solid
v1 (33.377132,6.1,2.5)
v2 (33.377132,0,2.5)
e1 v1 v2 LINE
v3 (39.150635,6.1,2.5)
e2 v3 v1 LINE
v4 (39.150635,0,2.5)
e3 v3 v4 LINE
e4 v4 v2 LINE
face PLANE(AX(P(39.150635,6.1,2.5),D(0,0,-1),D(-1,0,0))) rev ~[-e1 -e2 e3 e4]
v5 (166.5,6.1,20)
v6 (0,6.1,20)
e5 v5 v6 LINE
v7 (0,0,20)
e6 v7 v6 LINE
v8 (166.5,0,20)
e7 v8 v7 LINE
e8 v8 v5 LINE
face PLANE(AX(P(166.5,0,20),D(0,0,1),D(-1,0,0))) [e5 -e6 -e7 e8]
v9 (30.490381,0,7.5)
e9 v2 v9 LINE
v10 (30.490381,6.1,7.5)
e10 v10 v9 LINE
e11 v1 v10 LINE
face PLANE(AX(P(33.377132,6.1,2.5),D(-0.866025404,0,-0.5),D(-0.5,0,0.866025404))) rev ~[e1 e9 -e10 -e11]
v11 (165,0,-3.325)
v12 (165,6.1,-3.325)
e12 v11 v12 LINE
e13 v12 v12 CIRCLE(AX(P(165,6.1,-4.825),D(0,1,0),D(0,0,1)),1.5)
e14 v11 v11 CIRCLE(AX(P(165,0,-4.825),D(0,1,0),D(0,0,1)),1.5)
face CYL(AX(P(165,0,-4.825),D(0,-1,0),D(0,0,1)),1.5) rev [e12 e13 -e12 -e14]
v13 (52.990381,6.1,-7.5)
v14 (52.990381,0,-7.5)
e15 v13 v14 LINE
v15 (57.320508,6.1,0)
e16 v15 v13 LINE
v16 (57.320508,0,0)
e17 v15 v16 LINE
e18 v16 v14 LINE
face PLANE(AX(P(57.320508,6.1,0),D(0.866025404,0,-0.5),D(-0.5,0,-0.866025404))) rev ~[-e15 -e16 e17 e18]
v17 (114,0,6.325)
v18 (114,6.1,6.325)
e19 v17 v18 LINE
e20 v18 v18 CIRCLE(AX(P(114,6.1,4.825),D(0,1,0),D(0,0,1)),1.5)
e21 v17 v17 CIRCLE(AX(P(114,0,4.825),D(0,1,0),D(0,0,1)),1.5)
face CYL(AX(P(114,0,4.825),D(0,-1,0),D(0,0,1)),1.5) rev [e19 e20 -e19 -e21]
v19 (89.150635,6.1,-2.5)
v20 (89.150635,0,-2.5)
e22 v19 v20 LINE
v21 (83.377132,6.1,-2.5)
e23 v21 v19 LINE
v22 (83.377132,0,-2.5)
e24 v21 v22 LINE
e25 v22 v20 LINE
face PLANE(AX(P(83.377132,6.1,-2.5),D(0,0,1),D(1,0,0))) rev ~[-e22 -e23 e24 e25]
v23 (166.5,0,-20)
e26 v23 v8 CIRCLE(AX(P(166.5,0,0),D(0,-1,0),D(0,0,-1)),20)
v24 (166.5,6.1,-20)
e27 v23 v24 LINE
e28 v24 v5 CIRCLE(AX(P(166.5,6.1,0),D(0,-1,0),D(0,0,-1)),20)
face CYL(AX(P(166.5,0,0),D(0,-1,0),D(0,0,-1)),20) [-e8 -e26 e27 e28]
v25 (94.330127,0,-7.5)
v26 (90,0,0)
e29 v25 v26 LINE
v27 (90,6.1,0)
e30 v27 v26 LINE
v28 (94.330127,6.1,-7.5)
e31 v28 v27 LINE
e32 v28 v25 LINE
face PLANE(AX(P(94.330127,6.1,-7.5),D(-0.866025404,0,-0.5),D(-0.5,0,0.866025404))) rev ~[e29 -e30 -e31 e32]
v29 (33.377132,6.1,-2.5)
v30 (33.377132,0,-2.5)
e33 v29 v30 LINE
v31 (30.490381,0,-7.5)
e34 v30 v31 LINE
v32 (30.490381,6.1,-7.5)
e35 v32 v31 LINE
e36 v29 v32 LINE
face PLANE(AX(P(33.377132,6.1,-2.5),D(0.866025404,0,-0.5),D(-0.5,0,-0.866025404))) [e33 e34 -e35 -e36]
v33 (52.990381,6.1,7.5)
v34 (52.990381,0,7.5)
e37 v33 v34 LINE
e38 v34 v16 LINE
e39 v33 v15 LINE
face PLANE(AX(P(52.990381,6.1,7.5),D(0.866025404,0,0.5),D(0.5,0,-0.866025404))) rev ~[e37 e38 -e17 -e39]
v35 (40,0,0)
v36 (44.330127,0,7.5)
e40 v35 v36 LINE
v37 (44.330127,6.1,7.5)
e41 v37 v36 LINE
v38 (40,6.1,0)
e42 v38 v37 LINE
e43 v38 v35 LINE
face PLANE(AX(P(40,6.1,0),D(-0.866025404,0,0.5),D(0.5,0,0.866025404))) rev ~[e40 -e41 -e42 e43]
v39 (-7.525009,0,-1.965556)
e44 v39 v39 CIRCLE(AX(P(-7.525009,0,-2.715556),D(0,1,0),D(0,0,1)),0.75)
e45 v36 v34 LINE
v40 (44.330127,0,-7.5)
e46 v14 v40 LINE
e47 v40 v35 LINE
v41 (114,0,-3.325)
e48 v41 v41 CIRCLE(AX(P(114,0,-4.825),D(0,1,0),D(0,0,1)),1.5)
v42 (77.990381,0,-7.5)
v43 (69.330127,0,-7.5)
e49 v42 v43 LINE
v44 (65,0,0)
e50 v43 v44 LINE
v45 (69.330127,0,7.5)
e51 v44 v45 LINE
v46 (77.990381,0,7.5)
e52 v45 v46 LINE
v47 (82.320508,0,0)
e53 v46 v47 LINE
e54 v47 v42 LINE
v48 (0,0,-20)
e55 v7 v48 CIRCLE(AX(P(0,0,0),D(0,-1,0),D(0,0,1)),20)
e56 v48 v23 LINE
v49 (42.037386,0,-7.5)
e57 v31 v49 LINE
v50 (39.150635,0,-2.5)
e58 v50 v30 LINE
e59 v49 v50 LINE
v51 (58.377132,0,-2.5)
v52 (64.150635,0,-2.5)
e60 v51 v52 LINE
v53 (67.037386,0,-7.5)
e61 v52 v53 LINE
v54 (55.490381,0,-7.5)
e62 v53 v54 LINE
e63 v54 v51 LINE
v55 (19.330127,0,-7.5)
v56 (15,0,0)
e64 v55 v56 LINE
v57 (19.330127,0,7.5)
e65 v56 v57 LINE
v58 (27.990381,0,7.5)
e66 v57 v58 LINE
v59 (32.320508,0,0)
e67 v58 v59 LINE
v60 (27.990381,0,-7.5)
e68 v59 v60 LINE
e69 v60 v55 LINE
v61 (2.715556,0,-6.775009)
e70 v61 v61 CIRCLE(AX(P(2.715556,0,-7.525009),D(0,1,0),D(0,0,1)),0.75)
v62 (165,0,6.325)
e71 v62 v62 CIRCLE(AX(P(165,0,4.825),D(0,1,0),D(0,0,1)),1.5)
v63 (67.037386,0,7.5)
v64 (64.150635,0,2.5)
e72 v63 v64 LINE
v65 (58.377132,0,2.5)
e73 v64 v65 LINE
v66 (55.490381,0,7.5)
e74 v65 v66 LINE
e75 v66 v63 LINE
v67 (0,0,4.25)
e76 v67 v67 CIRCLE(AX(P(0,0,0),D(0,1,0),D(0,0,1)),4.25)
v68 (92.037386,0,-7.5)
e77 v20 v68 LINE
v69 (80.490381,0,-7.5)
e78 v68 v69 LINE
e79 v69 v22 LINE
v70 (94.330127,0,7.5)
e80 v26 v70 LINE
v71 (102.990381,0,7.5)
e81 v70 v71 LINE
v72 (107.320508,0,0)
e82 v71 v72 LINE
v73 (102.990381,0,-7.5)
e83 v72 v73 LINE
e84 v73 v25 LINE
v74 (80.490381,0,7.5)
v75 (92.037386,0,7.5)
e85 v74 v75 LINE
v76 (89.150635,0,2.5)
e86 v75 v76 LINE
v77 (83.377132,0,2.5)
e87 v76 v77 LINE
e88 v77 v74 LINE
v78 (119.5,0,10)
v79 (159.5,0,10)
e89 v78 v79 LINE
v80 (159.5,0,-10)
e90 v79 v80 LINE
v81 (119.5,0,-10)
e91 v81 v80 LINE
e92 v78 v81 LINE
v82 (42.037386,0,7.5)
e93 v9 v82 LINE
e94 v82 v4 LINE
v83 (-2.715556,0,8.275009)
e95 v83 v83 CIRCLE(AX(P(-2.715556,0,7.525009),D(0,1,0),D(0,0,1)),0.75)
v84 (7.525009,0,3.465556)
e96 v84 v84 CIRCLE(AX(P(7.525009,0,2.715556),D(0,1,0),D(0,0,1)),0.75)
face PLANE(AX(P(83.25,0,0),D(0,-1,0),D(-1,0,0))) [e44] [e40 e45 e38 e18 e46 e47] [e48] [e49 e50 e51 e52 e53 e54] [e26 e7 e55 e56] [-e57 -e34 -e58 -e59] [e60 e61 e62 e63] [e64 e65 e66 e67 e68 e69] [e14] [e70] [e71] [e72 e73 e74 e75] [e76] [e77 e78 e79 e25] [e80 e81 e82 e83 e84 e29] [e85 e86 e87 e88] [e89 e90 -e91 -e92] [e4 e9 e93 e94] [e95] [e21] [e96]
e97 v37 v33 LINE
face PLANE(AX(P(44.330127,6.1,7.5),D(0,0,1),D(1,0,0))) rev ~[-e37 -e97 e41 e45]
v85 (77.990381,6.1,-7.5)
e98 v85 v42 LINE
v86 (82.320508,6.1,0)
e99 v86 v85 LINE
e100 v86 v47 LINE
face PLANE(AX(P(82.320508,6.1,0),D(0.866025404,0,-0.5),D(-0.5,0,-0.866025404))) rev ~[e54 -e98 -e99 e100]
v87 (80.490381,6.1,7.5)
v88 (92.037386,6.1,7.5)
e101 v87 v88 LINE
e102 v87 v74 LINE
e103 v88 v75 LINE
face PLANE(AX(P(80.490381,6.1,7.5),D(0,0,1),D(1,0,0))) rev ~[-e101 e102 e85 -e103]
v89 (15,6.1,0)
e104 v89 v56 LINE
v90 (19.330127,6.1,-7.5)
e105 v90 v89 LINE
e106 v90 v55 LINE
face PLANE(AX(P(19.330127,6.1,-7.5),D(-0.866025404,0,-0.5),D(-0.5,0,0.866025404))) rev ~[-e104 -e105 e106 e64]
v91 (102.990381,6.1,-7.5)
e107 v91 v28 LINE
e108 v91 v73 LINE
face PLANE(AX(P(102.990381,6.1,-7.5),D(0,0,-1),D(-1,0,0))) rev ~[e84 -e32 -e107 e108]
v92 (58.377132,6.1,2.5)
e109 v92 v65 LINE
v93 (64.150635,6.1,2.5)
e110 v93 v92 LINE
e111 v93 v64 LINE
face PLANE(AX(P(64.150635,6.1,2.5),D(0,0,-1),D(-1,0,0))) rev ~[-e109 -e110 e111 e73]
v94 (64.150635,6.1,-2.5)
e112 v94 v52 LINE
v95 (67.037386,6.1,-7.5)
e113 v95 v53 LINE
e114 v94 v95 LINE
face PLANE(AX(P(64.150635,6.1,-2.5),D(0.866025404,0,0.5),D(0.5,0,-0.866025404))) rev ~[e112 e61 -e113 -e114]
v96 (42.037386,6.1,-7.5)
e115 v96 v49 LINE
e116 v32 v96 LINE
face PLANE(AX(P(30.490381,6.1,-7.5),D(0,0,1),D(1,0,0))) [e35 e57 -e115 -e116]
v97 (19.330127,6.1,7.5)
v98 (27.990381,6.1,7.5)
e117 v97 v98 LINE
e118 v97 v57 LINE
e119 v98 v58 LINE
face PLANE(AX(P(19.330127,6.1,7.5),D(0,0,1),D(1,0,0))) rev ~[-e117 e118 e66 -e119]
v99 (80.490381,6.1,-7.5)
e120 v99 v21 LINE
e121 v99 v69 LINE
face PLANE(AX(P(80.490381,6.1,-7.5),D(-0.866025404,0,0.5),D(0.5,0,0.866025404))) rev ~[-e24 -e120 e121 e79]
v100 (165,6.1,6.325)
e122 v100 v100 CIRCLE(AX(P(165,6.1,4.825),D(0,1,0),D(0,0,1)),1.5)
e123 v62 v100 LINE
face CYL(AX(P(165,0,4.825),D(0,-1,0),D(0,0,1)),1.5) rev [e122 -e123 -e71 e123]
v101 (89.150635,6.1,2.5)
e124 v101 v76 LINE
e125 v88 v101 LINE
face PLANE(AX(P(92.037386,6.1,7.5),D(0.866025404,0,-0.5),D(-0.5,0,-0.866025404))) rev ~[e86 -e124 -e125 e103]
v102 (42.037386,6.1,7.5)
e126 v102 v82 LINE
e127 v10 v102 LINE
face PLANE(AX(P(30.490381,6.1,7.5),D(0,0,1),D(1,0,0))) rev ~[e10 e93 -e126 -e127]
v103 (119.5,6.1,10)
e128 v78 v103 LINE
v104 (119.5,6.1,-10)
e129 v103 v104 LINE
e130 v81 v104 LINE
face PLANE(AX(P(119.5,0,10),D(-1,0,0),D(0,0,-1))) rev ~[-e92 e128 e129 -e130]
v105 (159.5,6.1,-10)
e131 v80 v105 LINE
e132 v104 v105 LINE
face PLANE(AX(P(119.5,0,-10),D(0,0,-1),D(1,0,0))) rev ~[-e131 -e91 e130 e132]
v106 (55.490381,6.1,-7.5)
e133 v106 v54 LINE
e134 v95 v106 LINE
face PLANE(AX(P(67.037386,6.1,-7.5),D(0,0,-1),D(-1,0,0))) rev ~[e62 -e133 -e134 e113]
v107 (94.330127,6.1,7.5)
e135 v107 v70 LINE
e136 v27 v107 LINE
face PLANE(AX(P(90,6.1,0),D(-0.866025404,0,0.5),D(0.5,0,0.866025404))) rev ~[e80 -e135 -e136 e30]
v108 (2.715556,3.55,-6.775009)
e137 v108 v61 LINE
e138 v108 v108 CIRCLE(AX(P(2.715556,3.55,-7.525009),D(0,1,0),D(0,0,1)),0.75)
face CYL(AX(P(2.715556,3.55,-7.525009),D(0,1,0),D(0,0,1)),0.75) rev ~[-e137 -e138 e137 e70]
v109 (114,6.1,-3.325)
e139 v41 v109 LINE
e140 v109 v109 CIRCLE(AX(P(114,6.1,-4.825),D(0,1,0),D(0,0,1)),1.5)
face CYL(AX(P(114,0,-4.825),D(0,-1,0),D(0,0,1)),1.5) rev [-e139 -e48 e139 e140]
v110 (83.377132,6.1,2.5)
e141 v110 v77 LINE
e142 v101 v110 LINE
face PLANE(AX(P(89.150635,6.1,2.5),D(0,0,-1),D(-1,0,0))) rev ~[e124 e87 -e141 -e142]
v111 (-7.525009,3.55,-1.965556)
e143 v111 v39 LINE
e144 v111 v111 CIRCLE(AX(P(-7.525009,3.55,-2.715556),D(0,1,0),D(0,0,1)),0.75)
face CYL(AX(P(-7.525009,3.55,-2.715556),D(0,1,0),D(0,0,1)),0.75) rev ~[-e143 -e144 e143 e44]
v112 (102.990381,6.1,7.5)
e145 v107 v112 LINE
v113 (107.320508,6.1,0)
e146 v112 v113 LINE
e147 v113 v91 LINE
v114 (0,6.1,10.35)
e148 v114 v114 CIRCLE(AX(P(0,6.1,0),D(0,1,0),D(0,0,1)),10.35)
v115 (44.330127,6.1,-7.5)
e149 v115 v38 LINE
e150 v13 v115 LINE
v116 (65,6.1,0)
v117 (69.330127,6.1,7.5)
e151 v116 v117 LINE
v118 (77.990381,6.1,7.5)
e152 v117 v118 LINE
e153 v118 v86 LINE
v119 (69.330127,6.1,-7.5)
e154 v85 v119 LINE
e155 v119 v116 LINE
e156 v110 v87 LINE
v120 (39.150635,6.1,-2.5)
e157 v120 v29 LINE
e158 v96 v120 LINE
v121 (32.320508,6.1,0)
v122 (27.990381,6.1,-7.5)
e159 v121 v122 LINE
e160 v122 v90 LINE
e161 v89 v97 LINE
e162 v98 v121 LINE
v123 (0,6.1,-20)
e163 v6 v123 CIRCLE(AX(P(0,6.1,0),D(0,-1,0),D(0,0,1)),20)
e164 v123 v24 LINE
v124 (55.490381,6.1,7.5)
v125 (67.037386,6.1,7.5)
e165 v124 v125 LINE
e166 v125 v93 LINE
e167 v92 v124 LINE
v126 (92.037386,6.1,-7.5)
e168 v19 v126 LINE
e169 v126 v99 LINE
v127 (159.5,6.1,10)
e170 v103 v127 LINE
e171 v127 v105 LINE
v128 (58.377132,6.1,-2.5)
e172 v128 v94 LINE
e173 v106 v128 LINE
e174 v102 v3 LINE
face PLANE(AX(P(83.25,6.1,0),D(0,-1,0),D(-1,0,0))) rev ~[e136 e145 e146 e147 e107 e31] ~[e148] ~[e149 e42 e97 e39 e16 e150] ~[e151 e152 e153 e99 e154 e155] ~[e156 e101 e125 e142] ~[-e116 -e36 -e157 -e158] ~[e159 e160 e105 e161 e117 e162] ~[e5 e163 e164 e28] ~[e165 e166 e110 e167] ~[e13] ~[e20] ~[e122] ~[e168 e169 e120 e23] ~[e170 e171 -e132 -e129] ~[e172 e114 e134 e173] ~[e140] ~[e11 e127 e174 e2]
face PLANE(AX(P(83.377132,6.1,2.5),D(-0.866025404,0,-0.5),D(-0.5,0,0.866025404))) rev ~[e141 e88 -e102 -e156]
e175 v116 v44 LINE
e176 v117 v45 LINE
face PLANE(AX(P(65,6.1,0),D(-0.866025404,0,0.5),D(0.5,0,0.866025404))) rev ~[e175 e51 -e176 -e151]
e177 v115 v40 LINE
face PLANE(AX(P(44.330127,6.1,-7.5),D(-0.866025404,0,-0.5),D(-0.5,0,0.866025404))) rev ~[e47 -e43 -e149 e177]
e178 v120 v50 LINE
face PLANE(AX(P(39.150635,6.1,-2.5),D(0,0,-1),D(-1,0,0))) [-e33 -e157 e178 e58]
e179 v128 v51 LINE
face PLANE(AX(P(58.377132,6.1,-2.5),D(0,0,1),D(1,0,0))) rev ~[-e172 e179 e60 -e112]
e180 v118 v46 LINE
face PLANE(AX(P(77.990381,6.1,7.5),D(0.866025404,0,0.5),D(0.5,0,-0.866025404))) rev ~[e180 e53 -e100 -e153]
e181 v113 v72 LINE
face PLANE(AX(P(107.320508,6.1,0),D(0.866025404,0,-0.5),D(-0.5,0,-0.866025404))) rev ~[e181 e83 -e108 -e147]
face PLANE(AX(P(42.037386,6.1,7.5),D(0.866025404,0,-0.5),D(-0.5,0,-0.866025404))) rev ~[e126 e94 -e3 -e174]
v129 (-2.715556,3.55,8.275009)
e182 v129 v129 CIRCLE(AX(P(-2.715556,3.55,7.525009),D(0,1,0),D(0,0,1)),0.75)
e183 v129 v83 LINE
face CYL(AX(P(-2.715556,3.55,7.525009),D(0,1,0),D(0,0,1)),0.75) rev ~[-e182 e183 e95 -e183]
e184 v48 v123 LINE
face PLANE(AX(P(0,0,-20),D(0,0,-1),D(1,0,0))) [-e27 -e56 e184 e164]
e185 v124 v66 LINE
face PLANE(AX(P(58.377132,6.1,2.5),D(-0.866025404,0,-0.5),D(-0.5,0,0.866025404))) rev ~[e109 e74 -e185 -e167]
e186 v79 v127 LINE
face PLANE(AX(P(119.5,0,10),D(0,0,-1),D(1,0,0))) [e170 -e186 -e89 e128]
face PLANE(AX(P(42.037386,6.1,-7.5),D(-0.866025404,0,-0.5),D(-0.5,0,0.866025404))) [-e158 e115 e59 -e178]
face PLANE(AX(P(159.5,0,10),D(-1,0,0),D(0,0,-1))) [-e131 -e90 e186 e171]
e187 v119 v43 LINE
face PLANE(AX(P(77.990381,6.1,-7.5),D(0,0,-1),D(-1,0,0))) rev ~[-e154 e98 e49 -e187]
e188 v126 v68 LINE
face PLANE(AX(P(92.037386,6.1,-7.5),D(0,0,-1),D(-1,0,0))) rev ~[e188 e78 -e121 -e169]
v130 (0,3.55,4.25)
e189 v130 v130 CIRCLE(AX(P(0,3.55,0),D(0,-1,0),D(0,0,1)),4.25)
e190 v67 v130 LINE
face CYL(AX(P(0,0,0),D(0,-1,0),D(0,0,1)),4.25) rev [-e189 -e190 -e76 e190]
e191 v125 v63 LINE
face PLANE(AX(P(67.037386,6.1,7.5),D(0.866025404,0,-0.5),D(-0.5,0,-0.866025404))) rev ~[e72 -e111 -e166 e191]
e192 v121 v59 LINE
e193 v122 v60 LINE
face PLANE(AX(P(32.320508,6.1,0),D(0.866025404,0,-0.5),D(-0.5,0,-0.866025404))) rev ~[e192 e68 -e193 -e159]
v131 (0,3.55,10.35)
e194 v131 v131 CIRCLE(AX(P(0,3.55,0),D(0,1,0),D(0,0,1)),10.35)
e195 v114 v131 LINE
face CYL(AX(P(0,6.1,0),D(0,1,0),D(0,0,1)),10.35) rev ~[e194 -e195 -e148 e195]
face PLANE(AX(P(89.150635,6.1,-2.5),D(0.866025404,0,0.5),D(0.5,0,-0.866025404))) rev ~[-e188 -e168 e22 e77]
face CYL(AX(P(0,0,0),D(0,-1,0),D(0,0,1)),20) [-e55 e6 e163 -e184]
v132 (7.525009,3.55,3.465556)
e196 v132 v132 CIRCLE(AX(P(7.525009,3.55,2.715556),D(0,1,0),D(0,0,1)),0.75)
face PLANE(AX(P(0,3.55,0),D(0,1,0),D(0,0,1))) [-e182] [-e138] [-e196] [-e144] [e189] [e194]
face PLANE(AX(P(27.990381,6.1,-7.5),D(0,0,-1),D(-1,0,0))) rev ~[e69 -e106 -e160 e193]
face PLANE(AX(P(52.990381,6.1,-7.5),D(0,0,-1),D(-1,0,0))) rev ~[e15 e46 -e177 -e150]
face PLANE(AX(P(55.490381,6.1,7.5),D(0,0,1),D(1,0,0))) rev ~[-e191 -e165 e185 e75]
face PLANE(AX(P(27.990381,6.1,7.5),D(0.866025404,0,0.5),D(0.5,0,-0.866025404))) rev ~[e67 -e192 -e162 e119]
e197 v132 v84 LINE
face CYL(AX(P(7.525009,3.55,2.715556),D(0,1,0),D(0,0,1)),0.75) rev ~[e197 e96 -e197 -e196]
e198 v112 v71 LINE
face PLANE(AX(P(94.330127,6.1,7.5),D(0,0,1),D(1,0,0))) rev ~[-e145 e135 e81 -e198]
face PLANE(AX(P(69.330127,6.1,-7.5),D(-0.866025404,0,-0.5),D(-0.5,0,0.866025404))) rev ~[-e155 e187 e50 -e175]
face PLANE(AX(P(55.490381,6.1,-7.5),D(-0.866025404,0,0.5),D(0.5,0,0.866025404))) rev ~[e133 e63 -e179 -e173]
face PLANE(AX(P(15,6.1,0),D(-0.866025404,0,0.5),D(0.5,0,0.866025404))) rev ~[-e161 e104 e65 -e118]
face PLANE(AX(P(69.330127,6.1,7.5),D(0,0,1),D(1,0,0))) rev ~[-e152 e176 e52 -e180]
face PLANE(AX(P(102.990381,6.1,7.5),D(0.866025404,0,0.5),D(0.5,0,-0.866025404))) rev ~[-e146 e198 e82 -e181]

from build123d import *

# Parameters (mm, degrees)
SKETCH1_R           = 4.25
SKETCH1_R_2         = 1.5
SKETCH1_W           = 40
SKETCH1_H           = 20
BOSS_EXTRUDE1_DEPTH = 6.1
SKETCH2_R           = 10.35
CUT_EXTRUDE1_DEPTH  = 2.55
SKETCH3_R           = 0.75
CUT_EXTRUDE3_DEPTH  = 3.55
CUT_EXTRUDE4_DEPTH  = 6.1


with BuildPart() as part:
    # Sketch1 → Boss-Extrude1 (new body)
    with BuildSketch(Plane(origin=(0, 0, 0), x_dir=(1, 0, 0), z_dir=(0, 1, 0))):
        with BuildLine():
            Line((150, 20), (159.5, 20))
            Line((159.5, 20), (166.5, 20))
            ThreePointArc((166.5, 20), (186.5, 0), (166.5, -20))
            Line((166.5, -20), (159.5, -20))
            Line((159.5, -20), (150, -20))
            Line((150, -20), (0, -20))
            ThreePointArc((0, -20), (-20, 0), (0, 20))
            Line((0, 20), (150, 20))
        make_face()
        with Locations(Location((0, 0, 0), (0, 0, 270))):
            Circle(SKETCH1_R, mode=Mode.SUBTRACT)
        with Locations(Location((165, 4.825, 0), (0, 0, 270))):
            Circle(SKETCH1_R_2, mode=Mode.SUBTRACT)
        with Locations(Location((165, -4.825, 0), (0, 0, 270))):
            Circle(SKETCH1_R_2, mode=Mode.SUBTRACT)
        with Locations(Location((114, 4.825, 0), (0, 0, 270))):
            Circle(SKETCH1_R_2, mode=Mode.SUBTRACT)
        with Locations(Location((114, -4.825, 0), (0, 0, 270))):
            Circle(SKETCH1_R_2, mode=Mode.SUBTRACT)
        with Locations((139.5, 0)):
            Rectangle(SKETCH1_W, SKETCH1_H, mode=Mode.SUBTRACT)
    extrude(amount=BOSS_EXTRUDE1_DEPTH)

    # Sketch2 → Cut-Extrude1 (cut)
    with BuildSketch(Plane(origin=(0, 6.1, 0), x_dir=(1, 0, 0), z_dir=(0, 1, 0))):
        with Locations(Location((0, 0, 0), (0, 0, 270))):
            Circle(SKETCH2_R)
    extrude(amount=-CUT_EXTRUDE1_DEPTH, mode=Mode.SUBTRACT)

    # Sketch3 → Cut-Extrude3 (cut)
    with BuildSketch(Plane(origin=(0, 3.55, 0), x_dir=(1, 0, 0), z_dir=(0, 1, 0))):
        with Locations(Location((-7.52500865, 2.715556079, 0), (0, 0, 270))):
            Circle(SKETCH3_R)
        with Locations(Location((7.52500865, -2.715556079, 0), (0, 0, 270))):
            Circle(SKETCH3_R)
        with Locations(Location((2.715556079, 7.52500865, 0), (0, 0, 270))):
            Circle(SKETCH3_R)
        with Locations(Location((-2.715556079, -7.52500865, 0), (0, 0, 270))):
            Circle(SKETCH3_R)
    extrude(amount=-CUT_EXTRUDE3_DEPTH, mode=Mode.SUBTRACT)

    # Sketch4 → Cut-Extrude4 (cut)
    with BuildSketch(Plane(origin=(0, 6.1, 0), x_dir=(1, 0, 0), z_dir=(0, 1, 0))):
        Polygon((32.320508076, 0), (27.990381057, 7.5), (19.330127019, 7.5), (15, 0), (19.330127019, -7.5), (27.990381057, -7.5), align=None)
        Polygon((57.320508076, 0), (52.990381057, 7.5), (44.330127019, 7.5), (40, 0), (44.330127019, -7.5), (52.990381057, -7.5), align=None)
        Polygon((82.320508076, 0), (77.990381057, 7.5), (69.330127019, 7.5), (65, 0), (69.330127019, -7.5), (77.990381057, -7.5), align=None)
        Polygon((107.320508076, 0), (102.990381057, 7.5), (94.330127019, 7.5), (90, 0), (94.330127019, -7.5), (102.990381057, -7.5), align=None)
        Polygon((30.490381057, 7.5), (42.037386441, 7.5), (39.150635095, 2.5), (33.377132403, 2.5), align=None)
        Polygon((64.150635095, 2.5), (67.037386441, 7.5), (55.490381057, 7.5), (58.377132403, 2.5), align=None)
        Polygon((89.150635095, 2.5), (92.037386441, 7.5), (80.490381057, 7.5), (83.377132403, 2.5), align=None)
        Polygon((30.490381057, -7.5), (42.037386441, -7.5), (39.150635095, -2.5), (33.377132403, -2.5), align=None)
        Polygon((55.490381057, -7.5), (67.037386441, -7.5), (64.150635095, -2.5), (58.377132403, -2.5), align=None)
        Polygon((80.490381057, -7.5), (92.037386441, -7.5), (89.150635095, -2.5), (83.377132403, -2.5), align=None)
    extrude(amount=-CUT_EXTRUDE4_DEPTH, mode=Mode.SUBTRACT)


solid = part.part
